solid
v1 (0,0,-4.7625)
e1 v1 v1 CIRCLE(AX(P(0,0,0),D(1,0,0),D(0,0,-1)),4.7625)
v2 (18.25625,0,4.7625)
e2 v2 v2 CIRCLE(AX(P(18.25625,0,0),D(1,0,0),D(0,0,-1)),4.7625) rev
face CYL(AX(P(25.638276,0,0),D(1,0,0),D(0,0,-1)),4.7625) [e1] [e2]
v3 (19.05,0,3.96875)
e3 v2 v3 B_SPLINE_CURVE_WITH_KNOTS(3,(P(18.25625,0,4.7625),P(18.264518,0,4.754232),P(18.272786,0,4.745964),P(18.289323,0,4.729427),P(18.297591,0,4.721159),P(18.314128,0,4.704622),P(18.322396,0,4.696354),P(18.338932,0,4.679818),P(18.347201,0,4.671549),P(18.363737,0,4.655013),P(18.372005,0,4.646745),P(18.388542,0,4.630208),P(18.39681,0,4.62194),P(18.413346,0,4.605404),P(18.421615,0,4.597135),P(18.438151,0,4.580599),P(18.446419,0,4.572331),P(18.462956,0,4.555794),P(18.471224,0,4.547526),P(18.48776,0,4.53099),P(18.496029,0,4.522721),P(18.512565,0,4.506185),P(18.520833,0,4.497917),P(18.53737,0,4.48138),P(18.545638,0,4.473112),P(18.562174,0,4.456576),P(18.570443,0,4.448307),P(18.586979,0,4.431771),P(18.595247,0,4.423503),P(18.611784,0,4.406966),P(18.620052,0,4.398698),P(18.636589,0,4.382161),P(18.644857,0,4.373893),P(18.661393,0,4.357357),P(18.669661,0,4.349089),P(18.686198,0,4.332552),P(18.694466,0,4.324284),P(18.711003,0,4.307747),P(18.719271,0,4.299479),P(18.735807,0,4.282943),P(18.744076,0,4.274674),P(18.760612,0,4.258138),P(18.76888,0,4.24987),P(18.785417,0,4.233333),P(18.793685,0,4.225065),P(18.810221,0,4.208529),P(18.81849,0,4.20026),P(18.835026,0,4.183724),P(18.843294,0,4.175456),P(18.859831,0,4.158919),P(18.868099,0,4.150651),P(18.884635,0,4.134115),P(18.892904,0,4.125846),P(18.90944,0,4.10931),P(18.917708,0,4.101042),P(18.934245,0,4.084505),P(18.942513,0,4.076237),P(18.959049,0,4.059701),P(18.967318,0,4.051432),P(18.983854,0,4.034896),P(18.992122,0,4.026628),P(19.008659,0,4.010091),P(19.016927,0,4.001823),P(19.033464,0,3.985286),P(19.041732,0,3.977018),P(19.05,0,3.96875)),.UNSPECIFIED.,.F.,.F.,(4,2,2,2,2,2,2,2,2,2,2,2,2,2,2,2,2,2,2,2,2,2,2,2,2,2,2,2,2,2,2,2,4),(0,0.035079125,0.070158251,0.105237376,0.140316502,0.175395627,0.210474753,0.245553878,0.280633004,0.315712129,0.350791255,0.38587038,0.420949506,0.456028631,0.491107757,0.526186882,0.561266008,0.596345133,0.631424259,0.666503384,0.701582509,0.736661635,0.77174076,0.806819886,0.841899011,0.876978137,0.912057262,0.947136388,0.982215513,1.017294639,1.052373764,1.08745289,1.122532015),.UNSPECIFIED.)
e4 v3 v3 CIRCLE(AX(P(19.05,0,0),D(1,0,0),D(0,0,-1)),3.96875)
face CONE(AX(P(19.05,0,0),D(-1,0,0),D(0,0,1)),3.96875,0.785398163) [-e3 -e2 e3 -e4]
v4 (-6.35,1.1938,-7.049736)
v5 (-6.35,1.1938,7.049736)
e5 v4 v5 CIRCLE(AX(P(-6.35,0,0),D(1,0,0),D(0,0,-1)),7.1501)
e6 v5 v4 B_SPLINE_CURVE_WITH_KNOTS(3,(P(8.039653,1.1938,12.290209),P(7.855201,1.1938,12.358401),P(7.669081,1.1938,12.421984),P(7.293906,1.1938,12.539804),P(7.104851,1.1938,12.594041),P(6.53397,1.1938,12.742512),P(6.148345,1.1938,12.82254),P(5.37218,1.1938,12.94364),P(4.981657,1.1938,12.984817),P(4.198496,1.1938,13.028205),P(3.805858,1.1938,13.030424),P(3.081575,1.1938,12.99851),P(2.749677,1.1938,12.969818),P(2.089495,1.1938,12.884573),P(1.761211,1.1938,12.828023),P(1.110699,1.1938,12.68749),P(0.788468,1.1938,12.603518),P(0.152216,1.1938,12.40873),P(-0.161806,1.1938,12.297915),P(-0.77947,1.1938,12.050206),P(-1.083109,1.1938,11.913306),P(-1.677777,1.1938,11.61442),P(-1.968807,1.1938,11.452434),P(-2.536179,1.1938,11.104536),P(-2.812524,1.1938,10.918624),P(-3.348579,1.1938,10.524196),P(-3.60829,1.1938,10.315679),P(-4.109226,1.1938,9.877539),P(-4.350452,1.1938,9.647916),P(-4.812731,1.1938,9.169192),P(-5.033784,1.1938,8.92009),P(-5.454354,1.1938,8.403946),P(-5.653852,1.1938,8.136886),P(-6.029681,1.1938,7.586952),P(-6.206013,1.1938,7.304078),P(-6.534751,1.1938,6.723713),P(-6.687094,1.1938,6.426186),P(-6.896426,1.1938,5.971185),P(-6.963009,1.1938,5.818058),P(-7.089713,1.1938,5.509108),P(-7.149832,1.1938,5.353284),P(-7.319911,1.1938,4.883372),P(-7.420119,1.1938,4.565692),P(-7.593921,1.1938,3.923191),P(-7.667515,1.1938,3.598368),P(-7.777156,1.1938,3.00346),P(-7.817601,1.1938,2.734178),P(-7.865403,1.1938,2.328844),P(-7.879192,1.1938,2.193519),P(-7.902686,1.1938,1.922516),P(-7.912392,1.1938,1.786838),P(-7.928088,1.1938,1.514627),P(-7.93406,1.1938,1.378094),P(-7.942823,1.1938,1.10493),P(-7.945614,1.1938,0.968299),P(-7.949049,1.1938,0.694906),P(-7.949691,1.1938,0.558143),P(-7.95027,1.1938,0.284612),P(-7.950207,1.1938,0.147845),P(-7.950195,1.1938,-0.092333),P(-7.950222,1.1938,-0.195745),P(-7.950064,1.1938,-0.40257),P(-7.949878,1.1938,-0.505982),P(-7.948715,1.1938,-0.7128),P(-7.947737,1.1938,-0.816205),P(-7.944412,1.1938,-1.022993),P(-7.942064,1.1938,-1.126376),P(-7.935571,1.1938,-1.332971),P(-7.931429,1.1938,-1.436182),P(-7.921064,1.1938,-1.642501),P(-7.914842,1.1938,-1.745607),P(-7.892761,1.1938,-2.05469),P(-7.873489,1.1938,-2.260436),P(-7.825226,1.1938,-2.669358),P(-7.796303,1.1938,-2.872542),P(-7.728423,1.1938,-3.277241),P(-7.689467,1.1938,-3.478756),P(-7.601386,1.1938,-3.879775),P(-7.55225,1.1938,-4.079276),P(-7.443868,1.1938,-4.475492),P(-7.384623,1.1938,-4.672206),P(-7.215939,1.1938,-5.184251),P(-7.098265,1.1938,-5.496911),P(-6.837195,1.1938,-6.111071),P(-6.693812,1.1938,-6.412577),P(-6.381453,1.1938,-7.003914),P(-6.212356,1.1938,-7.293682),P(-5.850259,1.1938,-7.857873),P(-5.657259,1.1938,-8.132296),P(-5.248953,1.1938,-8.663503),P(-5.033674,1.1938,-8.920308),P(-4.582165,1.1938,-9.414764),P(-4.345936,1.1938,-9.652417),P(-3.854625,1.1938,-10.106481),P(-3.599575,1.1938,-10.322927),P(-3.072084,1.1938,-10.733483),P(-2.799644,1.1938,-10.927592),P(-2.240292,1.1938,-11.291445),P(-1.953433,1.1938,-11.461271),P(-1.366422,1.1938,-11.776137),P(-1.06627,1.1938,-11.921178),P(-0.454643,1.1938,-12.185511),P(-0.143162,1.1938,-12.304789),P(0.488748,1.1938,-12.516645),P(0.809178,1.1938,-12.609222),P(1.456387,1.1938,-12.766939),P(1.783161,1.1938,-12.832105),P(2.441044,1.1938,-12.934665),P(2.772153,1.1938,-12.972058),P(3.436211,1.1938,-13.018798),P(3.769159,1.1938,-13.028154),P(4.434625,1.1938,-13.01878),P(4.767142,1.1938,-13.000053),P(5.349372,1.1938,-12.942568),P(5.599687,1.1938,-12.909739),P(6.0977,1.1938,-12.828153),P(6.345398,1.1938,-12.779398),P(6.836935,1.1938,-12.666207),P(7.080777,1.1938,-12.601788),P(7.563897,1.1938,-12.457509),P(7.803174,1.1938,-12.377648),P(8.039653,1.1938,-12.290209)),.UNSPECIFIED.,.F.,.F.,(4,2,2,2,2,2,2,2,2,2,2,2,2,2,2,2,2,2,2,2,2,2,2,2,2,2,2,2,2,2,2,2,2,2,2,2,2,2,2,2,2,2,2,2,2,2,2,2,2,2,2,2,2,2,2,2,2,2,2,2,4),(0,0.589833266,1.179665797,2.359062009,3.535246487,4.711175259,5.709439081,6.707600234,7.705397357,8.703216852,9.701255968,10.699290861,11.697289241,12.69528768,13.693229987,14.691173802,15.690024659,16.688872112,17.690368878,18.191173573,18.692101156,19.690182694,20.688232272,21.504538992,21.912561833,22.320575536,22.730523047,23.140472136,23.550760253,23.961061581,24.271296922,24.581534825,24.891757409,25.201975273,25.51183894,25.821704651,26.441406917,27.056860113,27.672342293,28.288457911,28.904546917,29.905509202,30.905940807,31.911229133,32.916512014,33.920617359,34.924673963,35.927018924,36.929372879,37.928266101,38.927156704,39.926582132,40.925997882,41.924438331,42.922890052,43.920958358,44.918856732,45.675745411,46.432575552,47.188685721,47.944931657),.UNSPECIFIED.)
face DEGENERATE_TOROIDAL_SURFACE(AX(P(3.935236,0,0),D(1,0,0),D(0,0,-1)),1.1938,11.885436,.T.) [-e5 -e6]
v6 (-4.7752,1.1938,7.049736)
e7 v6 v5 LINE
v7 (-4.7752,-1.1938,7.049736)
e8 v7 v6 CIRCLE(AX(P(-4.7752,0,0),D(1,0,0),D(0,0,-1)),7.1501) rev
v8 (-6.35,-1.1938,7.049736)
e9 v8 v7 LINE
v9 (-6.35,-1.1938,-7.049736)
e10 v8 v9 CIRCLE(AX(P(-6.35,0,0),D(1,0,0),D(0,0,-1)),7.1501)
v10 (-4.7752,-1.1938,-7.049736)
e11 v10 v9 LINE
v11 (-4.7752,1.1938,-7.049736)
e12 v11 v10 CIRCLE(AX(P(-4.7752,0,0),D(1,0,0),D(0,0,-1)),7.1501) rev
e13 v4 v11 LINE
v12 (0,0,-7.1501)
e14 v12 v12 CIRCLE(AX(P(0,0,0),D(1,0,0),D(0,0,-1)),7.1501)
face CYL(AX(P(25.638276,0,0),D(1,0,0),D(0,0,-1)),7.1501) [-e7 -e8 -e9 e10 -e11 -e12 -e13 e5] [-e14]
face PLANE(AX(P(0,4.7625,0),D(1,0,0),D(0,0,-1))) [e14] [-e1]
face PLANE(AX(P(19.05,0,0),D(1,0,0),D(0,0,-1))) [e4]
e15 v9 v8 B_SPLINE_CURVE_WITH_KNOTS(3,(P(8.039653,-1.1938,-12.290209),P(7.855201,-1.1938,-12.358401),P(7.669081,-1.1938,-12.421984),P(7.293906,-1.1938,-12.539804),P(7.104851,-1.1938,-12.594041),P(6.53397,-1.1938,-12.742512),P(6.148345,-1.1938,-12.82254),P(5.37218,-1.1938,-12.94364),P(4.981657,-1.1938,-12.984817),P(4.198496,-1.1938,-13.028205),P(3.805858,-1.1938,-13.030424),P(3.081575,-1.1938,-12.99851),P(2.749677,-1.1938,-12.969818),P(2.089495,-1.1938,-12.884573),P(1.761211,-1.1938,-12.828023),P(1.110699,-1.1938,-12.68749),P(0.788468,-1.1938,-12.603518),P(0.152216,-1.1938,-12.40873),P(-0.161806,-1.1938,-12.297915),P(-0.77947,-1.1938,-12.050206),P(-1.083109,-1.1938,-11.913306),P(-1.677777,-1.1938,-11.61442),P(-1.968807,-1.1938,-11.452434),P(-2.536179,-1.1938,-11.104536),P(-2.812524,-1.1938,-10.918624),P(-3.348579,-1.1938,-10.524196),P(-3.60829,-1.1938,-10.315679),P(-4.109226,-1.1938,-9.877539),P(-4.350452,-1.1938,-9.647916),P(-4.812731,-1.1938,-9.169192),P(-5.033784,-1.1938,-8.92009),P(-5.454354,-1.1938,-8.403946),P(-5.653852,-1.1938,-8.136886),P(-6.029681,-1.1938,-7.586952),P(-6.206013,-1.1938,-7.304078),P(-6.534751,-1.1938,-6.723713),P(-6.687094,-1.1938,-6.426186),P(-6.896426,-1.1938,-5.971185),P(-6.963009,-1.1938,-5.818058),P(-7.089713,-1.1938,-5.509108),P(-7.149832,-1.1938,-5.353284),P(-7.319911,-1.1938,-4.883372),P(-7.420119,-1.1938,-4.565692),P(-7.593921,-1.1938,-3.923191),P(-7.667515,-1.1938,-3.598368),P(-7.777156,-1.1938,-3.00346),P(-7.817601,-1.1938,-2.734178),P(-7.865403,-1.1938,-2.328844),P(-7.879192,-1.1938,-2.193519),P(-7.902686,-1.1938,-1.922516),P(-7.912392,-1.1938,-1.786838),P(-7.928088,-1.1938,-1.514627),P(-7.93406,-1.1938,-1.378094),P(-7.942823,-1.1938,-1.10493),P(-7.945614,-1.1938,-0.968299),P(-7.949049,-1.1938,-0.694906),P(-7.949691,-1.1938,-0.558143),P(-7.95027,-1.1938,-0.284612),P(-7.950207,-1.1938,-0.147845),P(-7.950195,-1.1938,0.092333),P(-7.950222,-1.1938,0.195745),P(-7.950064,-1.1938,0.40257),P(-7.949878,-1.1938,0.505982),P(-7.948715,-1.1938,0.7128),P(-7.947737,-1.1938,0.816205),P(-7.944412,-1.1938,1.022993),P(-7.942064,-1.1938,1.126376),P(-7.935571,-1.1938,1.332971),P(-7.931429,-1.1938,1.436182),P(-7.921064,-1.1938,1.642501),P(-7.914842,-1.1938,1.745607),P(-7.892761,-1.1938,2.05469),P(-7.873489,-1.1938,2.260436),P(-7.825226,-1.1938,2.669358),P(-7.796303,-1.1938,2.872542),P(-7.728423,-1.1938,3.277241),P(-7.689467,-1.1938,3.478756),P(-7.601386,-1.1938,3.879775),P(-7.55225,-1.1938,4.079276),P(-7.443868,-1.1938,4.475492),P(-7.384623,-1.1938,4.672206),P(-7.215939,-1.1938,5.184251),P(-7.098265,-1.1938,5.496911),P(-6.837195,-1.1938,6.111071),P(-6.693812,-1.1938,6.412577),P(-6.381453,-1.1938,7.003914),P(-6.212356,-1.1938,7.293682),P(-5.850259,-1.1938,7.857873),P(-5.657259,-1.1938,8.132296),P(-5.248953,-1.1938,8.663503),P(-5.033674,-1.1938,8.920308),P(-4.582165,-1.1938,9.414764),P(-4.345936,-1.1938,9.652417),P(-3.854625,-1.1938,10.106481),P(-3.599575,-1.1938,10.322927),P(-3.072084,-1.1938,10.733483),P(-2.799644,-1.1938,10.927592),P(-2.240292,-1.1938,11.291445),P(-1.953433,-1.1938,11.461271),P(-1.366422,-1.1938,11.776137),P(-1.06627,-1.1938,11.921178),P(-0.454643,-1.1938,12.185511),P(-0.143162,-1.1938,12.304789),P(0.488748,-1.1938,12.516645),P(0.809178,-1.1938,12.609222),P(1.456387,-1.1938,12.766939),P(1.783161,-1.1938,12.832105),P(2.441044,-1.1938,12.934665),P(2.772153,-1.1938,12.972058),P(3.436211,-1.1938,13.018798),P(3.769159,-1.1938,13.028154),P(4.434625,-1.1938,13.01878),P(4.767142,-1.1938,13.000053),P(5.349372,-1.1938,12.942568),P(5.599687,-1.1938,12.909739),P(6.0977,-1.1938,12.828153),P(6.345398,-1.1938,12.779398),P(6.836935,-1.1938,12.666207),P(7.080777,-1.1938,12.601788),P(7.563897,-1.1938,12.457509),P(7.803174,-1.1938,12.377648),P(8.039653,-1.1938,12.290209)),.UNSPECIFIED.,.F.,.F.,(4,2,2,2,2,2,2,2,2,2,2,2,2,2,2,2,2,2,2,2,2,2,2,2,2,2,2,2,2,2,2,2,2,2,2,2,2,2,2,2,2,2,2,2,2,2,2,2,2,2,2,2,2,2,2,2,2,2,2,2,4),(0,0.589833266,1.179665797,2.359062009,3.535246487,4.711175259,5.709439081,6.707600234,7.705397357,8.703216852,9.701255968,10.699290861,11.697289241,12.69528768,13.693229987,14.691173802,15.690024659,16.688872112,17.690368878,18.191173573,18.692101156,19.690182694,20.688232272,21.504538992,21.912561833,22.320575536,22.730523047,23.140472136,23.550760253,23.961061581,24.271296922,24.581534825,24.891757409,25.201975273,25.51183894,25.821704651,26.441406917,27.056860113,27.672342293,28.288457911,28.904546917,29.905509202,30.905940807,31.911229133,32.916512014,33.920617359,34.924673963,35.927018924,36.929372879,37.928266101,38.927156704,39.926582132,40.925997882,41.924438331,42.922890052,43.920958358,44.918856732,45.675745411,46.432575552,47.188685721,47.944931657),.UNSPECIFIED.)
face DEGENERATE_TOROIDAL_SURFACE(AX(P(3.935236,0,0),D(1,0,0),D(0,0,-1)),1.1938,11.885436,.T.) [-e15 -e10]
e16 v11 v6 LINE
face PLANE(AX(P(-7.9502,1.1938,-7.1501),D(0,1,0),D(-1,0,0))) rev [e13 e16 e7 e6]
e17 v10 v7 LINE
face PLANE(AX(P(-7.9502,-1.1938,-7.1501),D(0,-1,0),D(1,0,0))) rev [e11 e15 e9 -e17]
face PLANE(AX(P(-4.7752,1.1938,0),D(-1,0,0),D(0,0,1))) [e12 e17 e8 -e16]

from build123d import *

# Parameters (mm, degrees)
CUT_EXTRUDE1_DEPTH      = 22.567344827
CUT_EXTRUDE1_DEPTH_BACK = 22.567344827
SKETCH2_W               = 3.175
SKETCH2_H               = 2.3876
CHAMFER1_SIZE           = 0.79375


with BuildPart() as part:
    # Sketch1 → Revolve1 (revolve)
    with BuildSketch(Plane.XY, mode=Mode.PRIVATE) as revolve1_sk:
        with BuildLine():
            Line((-4.7752, 0), (19.05, 0))
            Line((19.05, 0), (19.05, 4.7625))
            Line((19.05, 4.7625), (0, 4.7625))
            Line((0, 4.7625), (0, 7.1501))
            Line((0, 7.1501), (-6.35, 7.1501))
            ThreePointArc((-6.35, 7.1501), (-7.543180771, 4.277553789), (-7.9502, 1.1938))
            Line((-7.9502, 1.1938), (-4.7752, 1.1938))
            Line((-4.7752, 1.1938), (-4.7752, 0))
        make_face()
    revolve(revolve1_sk.sketch.rotate(Axis((25.63827619, 0, 0), (-1, 0, 0)), 90), axis=Axis((25.63827619, 0, 0), (-1, 0, 0)))

    # Sketch2 → Cut-Extrude1 (cut, two sides: drawn at the far end of the back side and taken through both)
    with BuildSketch(Plane.XY.offset(-CUT_EXTRUDE1_DEPTH_BACK)):
        with Locations((-6.3627, 0)):
            Rectangle(SKETCH2_W, SKETCH2_H)
    extrude(amount=CUT_EXTRUDE1_DEPTH + CUT_EXTRUDE1_DEPTH_BACK, mode=Mode.SUBTRACT)

    # Chamfer1
    chamfer1_edges = [part.edges().sort_by_distance(p)[0] for p in [
        (19.05, 0, 4.7625),
    ]]
    chamfer(chamfer1_edges, length=CHAMFER1_SIZE)


solid = part.part
